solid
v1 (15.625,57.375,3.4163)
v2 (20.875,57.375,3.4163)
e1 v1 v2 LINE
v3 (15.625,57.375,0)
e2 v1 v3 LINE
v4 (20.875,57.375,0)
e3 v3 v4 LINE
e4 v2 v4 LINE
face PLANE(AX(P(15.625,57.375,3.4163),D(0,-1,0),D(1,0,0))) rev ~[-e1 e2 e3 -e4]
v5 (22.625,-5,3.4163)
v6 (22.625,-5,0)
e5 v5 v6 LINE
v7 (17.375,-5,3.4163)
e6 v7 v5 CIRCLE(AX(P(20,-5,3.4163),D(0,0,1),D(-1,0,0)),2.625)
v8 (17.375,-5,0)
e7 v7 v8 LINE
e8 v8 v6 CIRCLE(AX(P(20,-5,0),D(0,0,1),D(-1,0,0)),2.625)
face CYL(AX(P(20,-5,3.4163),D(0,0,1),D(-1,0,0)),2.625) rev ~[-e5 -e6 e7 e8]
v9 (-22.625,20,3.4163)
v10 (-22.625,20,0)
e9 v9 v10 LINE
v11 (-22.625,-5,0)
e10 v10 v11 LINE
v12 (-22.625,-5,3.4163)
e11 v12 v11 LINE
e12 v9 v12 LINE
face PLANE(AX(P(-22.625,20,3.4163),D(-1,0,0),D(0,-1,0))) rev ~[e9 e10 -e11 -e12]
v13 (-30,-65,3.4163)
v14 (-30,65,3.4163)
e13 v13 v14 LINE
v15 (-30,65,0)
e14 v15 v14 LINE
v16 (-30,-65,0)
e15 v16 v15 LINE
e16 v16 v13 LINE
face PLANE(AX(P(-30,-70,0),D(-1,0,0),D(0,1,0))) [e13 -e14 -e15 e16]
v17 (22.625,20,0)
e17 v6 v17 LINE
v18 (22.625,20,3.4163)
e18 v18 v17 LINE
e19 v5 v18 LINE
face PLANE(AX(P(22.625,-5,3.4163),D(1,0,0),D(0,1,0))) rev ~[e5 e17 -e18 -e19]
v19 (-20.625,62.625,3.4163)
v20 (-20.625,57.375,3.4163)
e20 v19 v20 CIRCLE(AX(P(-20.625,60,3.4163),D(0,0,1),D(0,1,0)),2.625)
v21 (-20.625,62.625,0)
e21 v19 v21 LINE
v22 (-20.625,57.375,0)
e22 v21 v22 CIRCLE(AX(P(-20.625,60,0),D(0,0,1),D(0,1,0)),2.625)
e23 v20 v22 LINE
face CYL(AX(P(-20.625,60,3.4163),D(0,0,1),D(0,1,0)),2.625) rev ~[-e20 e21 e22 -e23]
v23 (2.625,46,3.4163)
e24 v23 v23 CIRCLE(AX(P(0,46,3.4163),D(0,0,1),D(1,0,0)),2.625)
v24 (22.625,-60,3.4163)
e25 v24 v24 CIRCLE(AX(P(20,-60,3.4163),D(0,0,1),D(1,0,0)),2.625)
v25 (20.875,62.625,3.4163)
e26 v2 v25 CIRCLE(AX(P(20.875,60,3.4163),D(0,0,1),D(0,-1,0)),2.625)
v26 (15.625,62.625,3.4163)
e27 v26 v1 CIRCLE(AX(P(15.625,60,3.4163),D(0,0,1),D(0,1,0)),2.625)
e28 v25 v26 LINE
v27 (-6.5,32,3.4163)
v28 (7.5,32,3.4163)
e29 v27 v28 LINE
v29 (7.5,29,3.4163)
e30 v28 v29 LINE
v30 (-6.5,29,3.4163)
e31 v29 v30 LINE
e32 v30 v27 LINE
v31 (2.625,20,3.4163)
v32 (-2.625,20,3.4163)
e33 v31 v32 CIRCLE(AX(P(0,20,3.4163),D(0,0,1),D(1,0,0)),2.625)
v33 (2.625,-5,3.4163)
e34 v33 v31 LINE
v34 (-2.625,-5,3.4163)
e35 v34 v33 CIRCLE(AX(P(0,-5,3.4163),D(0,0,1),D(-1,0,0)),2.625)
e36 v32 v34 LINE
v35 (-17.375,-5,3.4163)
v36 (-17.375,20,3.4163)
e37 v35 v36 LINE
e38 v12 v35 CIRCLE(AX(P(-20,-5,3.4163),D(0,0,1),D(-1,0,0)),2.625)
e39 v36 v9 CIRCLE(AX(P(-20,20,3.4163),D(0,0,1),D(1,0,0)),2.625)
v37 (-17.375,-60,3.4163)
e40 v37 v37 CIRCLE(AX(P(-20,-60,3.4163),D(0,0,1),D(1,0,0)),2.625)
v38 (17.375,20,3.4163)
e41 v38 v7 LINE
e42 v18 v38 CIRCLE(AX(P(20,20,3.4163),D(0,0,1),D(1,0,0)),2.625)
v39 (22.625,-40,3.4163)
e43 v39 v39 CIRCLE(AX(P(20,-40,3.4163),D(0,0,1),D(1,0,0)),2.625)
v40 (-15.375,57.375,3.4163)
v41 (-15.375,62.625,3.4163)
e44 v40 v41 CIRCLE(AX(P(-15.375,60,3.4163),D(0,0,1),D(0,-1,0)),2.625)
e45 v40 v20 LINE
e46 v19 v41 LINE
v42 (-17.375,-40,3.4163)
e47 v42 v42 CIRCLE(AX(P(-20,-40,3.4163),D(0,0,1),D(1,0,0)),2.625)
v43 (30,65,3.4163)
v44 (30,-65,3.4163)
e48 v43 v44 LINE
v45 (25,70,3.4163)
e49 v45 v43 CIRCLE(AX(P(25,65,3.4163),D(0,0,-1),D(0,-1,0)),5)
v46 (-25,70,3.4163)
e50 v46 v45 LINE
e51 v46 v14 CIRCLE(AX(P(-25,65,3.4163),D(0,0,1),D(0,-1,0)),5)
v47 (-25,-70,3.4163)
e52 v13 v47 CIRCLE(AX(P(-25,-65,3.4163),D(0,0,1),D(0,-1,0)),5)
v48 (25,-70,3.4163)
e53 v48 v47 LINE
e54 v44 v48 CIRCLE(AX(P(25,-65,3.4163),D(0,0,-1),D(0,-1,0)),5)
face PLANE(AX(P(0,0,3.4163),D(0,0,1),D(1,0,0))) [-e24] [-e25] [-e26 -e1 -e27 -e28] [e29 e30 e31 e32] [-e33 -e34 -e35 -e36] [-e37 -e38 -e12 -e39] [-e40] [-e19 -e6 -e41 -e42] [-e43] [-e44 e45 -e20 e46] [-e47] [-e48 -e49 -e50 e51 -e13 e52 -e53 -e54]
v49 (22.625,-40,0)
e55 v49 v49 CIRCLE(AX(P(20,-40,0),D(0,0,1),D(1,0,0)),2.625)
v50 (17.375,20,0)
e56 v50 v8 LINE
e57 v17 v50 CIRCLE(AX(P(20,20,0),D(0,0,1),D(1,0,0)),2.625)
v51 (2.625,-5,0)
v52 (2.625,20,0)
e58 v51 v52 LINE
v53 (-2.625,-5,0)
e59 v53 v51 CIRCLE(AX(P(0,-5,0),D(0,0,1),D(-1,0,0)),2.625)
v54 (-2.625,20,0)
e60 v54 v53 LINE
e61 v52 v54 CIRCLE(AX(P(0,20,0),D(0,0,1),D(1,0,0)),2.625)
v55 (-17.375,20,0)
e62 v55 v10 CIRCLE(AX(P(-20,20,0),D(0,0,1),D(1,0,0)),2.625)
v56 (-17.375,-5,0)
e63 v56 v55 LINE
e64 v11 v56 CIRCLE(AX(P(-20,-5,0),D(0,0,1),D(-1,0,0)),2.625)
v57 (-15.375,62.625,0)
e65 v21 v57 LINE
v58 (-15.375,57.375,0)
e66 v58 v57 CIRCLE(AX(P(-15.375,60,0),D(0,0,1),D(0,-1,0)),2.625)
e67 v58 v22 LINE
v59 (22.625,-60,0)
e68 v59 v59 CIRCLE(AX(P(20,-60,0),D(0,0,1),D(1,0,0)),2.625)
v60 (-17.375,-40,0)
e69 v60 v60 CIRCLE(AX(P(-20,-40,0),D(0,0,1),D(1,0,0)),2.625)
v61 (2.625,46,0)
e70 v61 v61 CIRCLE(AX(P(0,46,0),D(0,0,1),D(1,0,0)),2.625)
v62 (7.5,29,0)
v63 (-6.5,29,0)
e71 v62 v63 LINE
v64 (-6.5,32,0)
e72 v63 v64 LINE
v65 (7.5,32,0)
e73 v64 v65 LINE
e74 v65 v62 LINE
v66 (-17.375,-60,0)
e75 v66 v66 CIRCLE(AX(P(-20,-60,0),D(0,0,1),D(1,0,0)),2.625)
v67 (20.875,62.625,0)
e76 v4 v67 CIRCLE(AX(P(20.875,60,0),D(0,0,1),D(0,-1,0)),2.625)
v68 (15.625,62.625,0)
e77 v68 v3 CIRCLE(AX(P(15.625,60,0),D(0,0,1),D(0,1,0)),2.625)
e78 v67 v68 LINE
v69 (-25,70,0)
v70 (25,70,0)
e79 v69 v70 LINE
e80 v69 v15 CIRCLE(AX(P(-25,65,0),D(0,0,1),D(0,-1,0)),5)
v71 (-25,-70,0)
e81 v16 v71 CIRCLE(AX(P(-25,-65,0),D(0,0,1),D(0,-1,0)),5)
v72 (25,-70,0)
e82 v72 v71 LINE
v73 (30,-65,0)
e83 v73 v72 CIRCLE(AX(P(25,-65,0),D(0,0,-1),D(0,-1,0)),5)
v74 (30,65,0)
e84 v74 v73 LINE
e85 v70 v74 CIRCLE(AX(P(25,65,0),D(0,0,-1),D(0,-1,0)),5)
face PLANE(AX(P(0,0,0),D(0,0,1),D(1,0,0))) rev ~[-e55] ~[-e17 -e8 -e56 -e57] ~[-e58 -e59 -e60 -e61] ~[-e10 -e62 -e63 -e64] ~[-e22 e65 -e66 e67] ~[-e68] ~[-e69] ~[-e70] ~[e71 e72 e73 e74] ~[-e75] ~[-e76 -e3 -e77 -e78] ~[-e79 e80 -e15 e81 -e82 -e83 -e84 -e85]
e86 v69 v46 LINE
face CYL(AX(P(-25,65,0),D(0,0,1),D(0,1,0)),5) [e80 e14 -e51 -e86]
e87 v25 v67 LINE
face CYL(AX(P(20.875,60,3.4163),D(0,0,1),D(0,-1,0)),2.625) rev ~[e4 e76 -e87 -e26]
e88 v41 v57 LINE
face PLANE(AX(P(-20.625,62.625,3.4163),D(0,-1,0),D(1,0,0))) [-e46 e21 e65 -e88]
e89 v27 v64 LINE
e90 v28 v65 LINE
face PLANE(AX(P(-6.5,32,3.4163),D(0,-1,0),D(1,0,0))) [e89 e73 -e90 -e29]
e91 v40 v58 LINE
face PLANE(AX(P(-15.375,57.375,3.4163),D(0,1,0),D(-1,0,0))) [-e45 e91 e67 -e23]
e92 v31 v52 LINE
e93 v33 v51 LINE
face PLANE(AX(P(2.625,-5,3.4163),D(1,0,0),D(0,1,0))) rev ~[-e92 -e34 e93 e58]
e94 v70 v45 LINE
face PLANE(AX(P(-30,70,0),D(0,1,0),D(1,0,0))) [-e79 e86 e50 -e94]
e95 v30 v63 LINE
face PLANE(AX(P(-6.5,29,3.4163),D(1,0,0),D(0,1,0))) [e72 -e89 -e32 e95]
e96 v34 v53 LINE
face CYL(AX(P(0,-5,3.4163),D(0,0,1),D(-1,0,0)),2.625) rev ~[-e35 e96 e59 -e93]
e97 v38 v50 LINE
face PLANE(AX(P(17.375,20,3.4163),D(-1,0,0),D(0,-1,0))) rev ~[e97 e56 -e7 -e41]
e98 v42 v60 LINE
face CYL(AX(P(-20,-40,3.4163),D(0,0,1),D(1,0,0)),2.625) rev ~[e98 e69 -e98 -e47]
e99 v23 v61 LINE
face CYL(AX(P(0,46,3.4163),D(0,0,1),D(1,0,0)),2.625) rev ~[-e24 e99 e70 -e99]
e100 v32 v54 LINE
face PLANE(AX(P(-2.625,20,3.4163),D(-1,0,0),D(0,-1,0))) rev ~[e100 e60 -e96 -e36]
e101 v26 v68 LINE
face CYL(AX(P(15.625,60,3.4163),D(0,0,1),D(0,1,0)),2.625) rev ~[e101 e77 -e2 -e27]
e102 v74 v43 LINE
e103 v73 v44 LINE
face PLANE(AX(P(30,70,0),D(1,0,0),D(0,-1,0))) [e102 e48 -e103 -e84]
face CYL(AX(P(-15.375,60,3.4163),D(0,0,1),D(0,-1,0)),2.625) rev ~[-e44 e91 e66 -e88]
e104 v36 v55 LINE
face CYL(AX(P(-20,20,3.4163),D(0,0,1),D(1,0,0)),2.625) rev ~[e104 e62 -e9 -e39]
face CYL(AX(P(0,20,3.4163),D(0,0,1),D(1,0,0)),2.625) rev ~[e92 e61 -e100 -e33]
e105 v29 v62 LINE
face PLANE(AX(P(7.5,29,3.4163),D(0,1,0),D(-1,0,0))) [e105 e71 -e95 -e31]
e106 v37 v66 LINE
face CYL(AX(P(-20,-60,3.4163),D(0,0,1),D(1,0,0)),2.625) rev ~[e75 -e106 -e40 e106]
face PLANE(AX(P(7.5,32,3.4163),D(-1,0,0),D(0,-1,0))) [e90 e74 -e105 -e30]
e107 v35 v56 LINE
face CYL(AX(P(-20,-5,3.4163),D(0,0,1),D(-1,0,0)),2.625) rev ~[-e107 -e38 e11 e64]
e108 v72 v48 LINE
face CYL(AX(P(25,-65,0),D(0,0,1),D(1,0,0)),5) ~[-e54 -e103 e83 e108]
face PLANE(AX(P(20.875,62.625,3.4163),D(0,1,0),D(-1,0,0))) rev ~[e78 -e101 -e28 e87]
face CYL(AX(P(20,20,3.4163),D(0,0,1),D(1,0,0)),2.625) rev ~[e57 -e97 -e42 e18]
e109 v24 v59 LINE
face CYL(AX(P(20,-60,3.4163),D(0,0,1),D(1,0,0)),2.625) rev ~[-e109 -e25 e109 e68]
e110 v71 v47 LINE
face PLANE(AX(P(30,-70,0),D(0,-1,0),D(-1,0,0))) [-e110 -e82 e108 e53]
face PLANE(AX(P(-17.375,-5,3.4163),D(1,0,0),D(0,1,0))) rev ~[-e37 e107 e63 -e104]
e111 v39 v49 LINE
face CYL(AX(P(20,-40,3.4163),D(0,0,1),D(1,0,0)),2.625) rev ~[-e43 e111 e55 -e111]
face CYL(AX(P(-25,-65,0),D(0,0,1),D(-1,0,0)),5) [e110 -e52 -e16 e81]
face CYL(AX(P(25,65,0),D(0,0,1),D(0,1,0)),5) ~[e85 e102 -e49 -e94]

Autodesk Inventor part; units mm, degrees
ref_plane "YZ Plane" through (0, 0, 0) normal (1, 0, 0) x (0, 1, 0)
ref_plane "XZ Plane" through (0, 0, 0) normal (0, 1, 0) x (-1, 0, 0)
ref_plane "XY Plane" through (0, 0, 0) normal (0, 0, 1) x (1, 0, 0)
sketch "Sketch1" plane through (0, 0, 0) normal (0, 0, 1) x (1, 0, 0)
  line L0 (-30, 70) -> (30, 70)
  line L1 (30, 70) -> (30, -70)
  line L2 (30, -70) -> (-30, -70)
  line L3 (-30, -70) -> (-30, 70)
  point P0 (0, 0)
  dimension "d0" = 60
  dimension "d1" = 140
  dimension "d2" = 30
  dimension "d3" = 70
extrude "Extrusion1" add sketch "Sketch1" along normal blind 3.4163
sketch "Sketch2" plane through (0, 0, 3.4163) normal (0, 0, 1) x (1, 0, 0)
  line L0 (-30, 70) -> (-30, -70) projected
  line L1 (-30, -70) -> (30, -70) projected
  circle A0 centre (-20, -60) radius 2.625
  point P0 (0, 0)
  dimension "d6" = 5.25
  dimension "d7" = 10
  dimension "d8" = 10
extrude "Extrusion2" cut sketch "Sketch2" against normal through all
pattern_linear "Rectangular Pattern1" count 2 spacing 40 along (1, 0, 0) count 2 spacing 20 along (0, 1, 0) of "Extrusion2"
sketch "Sketch3" plane through (0, 0, 3.4163) normal (0, 0, 1) x (1, 0, 0)
  line L0 (-30, 70) -> (-30, -70) projected
  line L1 (-30, -70) -> (30, -70) projected
  arc A0 (-22.625, -5) -> (-17.375, -5) centre (-20, -5) ccw
  arc A1 (-17.375, 20) -> (-22.625, 20) centre (-20, 20) ccw
  line L2 (-22.625, 20) -> (-22.625, -5)
  line L3 (-17.375, -5) -> (-17.375, 20)
  point P0 (0, 0)
  dimension "d17" = 5.25
  dimension "d18" = 65
  dimension "d19" = 10
  dimension "d20" = 5.25
  dimension "d22" = 10
  dimension "d26" = 25
  dimension "d27" = 25
extrude "Extrusion3" cut sketch "Sketch3" against normal through all
sketch "Sketch4" plane through (0, 0, 3.4163) normal (0, 0, 1) x (1, 0, 0)
  line L0 (-30, 70) -> (-30, -70) projected
  line L1 (-30, -70) -> (30, -70) projected
  line L2 (-6.5, 32) -> (7.5, 32)
  line L3 (7.5, 32) -> (7.5, 29)
  line L4 (7.5, 29) -> (-6.5, 29)
  line L5 (-6.5, 29) -> (-6.5, 32)
  point P0 (0, 0)
  dimension "d28" = 14
  dimension "d29" = 3
  dimension "d30" = 99
  dimension "d31" = 23.5
extrude "Extrusion4" cut sketch "Sketch4" against normal through all
sketch "Sketch5" plane through (0, 0, 3.4163) normal (0, 0, 1) x (1, 0, 0)
  line L0 (30, 70) -> (-30, 70) projected
  line L1 (-30, 70) -> (-30, -70) projected
  line L2 (-30, -70) -> (30, -70) projected
  circle A0 centre (0, 46) radius 2.625
  arc A1 (-20.625, 62.625) -> (-20.625, 57.375) centre (-20.625, 60) ccw
  arc A2 (15.625, 62.625) -> (15.625, 57.375) centre (15.625, 60) ccw
  arc A3 (-15.375, 57.375) -> (-15.375, 62.625) centre (-15.375, 60) ccw
  line L3 (-20.625, 62.625) -> (-15.375, 62.625)
  line L4 (-15.375, 57.375) -> (-20.625, 57.375)
  arc A4 (20.875, 57.375) -> (20.875, 62.625) centre (20.875, 60) ccw
  line L5 (20.875, 62.625) -> (15.625, 62.625)
  line L6 (15.625, 57.375) -> (20.875, 57.375)
  point P0 (0, 0)
  dimension "d34" = 5.25
  dimension "d35" = 116
  dimension "d36" = 5.25
  dimension "d37" = 5.25
  dimension "d38" = 10
  dimension "d39" = 10
  dimension "d40" = 36.25
  dimension "d41" = 9.375
  dimension "d48" = 5.25
  dimension "d49" = 5.25
  dimension "d50" = 10
  dimension "d51" = 5.25
  dimension "d52" = 5.25
  dimension "d53" = 5.25
  dimension "d54" = 10
  dimension "d55" = 5.25
extrude "Extrusion5" cut sketch "Sketch5" against normal blind 3.4163
pattern_linear "Rectangular Pattern2" count 3 spacing 20 along (1, 0, 0) of "Extrusion3"
fillet "Fillet1" radius 5 4 edges at (-30, 70, 1.7082) (30, 70, 1.7082) (30, -70, 1.7082) (-30, -70, 1.7082)
equation "\"d2\" = 0.5 * d0"
equation "\"d3\" = 0.5 * d1"
equation "\"d20\" = d17"
equation "\"d39\" = d38"
properties part number "26028-01" material "Steel, Mild"
